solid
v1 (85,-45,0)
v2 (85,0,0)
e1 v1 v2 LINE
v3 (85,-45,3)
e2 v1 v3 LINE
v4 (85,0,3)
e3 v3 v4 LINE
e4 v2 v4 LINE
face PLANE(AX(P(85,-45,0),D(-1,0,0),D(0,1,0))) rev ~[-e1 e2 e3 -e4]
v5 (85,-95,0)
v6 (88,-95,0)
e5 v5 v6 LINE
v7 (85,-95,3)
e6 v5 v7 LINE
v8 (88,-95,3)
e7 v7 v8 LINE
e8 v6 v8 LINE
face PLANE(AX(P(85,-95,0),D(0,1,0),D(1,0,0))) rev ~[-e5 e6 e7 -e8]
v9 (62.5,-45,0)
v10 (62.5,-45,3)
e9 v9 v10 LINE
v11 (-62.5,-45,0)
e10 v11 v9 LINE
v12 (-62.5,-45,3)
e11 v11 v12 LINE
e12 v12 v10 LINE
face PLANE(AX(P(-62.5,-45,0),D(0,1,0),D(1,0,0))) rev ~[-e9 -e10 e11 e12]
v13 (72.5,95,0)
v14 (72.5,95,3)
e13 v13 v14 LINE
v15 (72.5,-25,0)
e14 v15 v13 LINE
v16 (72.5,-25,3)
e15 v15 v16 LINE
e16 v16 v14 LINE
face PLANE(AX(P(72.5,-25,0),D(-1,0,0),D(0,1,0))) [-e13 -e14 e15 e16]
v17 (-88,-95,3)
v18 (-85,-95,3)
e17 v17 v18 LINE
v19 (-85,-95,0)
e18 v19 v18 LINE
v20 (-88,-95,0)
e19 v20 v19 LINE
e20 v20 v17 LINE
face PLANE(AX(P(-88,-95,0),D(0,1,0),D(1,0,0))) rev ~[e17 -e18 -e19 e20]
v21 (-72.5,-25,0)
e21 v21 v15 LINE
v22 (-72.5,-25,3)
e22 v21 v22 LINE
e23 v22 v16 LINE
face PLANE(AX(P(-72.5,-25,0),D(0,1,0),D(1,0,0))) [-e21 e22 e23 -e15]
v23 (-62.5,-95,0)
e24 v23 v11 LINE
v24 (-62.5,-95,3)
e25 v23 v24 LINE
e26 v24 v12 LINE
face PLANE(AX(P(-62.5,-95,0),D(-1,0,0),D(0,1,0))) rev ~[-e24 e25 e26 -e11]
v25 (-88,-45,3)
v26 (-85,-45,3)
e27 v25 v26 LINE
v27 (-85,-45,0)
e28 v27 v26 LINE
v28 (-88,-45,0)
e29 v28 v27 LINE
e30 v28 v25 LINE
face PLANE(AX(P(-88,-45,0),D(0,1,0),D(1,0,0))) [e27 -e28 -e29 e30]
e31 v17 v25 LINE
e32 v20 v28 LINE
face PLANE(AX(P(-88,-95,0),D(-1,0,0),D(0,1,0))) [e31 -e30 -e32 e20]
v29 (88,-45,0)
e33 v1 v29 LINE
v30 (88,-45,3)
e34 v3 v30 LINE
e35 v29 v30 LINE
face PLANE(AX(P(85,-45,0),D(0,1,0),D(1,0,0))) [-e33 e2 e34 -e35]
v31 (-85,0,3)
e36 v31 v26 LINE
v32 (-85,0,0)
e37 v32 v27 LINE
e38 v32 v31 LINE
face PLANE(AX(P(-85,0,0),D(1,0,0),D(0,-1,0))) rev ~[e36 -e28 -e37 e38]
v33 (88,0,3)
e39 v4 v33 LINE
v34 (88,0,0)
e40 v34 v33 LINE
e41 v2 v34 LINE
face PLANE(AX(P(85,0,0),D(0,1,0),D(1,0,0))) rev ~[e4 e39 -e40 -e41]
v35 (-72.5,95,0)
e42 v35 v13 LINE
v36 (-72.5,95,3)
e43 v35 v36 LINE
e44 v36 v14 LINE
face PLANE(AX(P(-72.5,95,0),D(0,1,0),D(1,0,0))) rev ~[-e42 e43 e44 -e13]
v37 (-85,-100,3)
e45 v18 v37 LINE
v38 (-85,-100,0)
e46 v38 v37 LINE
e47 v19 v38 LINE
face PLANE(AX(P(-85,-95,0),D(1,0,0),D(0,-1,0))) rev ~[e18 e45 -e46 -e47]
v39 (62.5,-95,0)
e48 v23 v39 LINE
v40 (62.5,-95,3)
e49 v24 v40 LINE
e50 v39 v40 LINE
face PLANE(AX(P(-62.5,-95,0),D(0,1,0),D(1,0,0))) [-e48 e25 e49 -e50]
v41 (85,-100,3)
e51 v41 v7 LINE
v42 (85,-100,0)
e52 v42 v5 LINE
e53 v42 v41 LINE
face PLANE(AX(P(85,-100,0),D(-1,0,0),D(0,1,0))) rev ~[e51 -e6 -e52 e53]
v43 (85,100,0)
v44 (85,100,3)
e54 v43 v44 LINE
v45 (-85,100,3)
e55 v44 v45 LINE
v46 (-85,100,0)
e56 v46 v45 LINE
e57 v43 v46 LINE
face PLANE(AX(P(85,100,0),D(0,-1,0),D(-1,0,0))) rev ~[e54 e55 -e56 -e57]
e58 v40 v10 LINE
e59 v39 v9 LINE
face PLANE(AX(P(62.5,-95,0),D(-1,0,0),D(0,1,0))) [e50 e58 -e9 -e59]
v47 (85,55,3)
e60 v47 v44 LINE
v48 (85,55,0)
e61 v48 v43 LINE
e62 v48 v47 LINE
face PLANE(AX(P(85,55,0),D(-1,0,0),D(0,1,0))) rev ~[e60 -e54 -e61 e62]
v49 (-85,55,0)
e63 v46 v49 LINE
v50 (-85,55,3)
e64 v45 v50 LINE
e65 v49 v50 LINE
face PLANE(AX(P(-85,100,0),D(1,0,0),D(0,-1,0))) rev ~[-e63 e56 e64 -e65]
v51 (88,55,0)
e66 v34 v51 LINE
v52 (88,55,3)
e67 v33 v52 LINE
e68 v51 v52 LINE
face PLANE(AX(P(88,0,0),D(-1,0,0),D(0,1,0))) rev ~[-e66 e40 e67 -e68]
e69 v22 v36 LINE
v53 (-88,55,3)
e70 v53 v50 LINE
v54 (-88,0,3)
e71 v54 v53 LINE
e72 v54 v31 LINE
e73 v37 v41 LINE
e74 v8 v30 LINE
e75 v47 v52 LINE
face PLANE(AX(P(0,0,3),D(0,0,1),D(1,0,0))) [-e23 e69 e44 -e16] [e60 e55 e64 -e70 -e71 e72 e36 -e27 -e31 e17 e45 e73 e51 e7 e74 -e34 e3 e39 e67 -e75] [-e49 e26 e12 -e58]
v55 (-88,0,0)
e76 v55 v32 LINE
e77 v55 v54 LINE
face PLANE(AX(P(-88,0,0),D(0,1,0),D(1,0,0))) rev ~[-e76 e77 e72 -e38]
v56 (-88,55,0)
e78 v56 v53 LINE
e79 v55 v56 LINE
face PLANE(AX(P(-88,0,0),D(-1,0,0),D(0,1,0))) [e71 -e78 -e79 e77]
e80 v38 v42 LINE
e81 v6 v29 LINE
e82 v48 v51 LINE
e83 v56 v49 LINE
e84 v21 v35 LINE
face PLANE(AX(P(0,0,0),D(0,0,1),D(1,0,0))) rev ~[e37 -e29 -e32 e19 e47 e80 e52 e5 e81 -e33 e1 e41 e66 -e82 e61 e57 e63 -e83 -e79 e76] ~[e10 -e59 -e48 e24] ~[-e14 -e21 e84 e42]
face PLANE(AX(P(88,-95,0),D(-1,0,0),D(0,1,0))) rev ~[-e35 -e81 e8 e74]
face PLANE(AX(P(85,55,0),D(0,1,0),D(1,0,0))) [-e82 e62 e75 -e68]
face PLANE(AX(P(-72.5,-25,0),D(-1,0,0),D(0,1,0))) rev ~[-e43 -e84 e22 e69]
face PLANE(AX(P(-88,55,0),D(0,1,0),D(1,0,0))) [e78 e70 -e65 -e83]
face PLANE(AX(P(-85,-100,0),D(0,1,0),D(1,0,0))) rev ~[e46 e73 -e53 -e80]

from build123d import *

# Parameters (mm, degrees)
F0_W     = 125
F0_H     = 50
F0_W_2   = 145
F0_H_2   = 120
F0_W_3   = 3
F0_H_3   = 55
F1_DEPTH = 3


with BuildPart() as f1:
    # F0 (on Top) → F1 (new body)
    with BuildSketch(Plane.XY):
        Polygon((85, 55), (85, 100), (-85, 100), (-85, 55), (-85, 0), (-85, -45), (-85, -95), (-85, -100), (85, -100), (85, -95), (85, -45), (85, 0), align=None)
        with Locations((0, -70)):
            Rectangle(F0_W, F0_H, mode=Mode.SUBTRACT)
        with Locations((0, 35)):
            Rectangle(F0_W_2, F0_H_2, mode=Mode.SUBTRACT)
        with Locations((86.5, 27.5)):
            Rectangle(F0_W_3, F0_H_3)
        with Locations((-86.5, 27.5)):
            Rectangle(F0_W_3, F0_H_3)
        with Locations((86.5, -70)):
            Rectangle(F0_W_3, F0_H)
        with Locations((-86.5, -70)):
            Rectangle(F0_W_3, F0_H)
    extrude(amount=F1_DEPTH)


solid = f1.part
